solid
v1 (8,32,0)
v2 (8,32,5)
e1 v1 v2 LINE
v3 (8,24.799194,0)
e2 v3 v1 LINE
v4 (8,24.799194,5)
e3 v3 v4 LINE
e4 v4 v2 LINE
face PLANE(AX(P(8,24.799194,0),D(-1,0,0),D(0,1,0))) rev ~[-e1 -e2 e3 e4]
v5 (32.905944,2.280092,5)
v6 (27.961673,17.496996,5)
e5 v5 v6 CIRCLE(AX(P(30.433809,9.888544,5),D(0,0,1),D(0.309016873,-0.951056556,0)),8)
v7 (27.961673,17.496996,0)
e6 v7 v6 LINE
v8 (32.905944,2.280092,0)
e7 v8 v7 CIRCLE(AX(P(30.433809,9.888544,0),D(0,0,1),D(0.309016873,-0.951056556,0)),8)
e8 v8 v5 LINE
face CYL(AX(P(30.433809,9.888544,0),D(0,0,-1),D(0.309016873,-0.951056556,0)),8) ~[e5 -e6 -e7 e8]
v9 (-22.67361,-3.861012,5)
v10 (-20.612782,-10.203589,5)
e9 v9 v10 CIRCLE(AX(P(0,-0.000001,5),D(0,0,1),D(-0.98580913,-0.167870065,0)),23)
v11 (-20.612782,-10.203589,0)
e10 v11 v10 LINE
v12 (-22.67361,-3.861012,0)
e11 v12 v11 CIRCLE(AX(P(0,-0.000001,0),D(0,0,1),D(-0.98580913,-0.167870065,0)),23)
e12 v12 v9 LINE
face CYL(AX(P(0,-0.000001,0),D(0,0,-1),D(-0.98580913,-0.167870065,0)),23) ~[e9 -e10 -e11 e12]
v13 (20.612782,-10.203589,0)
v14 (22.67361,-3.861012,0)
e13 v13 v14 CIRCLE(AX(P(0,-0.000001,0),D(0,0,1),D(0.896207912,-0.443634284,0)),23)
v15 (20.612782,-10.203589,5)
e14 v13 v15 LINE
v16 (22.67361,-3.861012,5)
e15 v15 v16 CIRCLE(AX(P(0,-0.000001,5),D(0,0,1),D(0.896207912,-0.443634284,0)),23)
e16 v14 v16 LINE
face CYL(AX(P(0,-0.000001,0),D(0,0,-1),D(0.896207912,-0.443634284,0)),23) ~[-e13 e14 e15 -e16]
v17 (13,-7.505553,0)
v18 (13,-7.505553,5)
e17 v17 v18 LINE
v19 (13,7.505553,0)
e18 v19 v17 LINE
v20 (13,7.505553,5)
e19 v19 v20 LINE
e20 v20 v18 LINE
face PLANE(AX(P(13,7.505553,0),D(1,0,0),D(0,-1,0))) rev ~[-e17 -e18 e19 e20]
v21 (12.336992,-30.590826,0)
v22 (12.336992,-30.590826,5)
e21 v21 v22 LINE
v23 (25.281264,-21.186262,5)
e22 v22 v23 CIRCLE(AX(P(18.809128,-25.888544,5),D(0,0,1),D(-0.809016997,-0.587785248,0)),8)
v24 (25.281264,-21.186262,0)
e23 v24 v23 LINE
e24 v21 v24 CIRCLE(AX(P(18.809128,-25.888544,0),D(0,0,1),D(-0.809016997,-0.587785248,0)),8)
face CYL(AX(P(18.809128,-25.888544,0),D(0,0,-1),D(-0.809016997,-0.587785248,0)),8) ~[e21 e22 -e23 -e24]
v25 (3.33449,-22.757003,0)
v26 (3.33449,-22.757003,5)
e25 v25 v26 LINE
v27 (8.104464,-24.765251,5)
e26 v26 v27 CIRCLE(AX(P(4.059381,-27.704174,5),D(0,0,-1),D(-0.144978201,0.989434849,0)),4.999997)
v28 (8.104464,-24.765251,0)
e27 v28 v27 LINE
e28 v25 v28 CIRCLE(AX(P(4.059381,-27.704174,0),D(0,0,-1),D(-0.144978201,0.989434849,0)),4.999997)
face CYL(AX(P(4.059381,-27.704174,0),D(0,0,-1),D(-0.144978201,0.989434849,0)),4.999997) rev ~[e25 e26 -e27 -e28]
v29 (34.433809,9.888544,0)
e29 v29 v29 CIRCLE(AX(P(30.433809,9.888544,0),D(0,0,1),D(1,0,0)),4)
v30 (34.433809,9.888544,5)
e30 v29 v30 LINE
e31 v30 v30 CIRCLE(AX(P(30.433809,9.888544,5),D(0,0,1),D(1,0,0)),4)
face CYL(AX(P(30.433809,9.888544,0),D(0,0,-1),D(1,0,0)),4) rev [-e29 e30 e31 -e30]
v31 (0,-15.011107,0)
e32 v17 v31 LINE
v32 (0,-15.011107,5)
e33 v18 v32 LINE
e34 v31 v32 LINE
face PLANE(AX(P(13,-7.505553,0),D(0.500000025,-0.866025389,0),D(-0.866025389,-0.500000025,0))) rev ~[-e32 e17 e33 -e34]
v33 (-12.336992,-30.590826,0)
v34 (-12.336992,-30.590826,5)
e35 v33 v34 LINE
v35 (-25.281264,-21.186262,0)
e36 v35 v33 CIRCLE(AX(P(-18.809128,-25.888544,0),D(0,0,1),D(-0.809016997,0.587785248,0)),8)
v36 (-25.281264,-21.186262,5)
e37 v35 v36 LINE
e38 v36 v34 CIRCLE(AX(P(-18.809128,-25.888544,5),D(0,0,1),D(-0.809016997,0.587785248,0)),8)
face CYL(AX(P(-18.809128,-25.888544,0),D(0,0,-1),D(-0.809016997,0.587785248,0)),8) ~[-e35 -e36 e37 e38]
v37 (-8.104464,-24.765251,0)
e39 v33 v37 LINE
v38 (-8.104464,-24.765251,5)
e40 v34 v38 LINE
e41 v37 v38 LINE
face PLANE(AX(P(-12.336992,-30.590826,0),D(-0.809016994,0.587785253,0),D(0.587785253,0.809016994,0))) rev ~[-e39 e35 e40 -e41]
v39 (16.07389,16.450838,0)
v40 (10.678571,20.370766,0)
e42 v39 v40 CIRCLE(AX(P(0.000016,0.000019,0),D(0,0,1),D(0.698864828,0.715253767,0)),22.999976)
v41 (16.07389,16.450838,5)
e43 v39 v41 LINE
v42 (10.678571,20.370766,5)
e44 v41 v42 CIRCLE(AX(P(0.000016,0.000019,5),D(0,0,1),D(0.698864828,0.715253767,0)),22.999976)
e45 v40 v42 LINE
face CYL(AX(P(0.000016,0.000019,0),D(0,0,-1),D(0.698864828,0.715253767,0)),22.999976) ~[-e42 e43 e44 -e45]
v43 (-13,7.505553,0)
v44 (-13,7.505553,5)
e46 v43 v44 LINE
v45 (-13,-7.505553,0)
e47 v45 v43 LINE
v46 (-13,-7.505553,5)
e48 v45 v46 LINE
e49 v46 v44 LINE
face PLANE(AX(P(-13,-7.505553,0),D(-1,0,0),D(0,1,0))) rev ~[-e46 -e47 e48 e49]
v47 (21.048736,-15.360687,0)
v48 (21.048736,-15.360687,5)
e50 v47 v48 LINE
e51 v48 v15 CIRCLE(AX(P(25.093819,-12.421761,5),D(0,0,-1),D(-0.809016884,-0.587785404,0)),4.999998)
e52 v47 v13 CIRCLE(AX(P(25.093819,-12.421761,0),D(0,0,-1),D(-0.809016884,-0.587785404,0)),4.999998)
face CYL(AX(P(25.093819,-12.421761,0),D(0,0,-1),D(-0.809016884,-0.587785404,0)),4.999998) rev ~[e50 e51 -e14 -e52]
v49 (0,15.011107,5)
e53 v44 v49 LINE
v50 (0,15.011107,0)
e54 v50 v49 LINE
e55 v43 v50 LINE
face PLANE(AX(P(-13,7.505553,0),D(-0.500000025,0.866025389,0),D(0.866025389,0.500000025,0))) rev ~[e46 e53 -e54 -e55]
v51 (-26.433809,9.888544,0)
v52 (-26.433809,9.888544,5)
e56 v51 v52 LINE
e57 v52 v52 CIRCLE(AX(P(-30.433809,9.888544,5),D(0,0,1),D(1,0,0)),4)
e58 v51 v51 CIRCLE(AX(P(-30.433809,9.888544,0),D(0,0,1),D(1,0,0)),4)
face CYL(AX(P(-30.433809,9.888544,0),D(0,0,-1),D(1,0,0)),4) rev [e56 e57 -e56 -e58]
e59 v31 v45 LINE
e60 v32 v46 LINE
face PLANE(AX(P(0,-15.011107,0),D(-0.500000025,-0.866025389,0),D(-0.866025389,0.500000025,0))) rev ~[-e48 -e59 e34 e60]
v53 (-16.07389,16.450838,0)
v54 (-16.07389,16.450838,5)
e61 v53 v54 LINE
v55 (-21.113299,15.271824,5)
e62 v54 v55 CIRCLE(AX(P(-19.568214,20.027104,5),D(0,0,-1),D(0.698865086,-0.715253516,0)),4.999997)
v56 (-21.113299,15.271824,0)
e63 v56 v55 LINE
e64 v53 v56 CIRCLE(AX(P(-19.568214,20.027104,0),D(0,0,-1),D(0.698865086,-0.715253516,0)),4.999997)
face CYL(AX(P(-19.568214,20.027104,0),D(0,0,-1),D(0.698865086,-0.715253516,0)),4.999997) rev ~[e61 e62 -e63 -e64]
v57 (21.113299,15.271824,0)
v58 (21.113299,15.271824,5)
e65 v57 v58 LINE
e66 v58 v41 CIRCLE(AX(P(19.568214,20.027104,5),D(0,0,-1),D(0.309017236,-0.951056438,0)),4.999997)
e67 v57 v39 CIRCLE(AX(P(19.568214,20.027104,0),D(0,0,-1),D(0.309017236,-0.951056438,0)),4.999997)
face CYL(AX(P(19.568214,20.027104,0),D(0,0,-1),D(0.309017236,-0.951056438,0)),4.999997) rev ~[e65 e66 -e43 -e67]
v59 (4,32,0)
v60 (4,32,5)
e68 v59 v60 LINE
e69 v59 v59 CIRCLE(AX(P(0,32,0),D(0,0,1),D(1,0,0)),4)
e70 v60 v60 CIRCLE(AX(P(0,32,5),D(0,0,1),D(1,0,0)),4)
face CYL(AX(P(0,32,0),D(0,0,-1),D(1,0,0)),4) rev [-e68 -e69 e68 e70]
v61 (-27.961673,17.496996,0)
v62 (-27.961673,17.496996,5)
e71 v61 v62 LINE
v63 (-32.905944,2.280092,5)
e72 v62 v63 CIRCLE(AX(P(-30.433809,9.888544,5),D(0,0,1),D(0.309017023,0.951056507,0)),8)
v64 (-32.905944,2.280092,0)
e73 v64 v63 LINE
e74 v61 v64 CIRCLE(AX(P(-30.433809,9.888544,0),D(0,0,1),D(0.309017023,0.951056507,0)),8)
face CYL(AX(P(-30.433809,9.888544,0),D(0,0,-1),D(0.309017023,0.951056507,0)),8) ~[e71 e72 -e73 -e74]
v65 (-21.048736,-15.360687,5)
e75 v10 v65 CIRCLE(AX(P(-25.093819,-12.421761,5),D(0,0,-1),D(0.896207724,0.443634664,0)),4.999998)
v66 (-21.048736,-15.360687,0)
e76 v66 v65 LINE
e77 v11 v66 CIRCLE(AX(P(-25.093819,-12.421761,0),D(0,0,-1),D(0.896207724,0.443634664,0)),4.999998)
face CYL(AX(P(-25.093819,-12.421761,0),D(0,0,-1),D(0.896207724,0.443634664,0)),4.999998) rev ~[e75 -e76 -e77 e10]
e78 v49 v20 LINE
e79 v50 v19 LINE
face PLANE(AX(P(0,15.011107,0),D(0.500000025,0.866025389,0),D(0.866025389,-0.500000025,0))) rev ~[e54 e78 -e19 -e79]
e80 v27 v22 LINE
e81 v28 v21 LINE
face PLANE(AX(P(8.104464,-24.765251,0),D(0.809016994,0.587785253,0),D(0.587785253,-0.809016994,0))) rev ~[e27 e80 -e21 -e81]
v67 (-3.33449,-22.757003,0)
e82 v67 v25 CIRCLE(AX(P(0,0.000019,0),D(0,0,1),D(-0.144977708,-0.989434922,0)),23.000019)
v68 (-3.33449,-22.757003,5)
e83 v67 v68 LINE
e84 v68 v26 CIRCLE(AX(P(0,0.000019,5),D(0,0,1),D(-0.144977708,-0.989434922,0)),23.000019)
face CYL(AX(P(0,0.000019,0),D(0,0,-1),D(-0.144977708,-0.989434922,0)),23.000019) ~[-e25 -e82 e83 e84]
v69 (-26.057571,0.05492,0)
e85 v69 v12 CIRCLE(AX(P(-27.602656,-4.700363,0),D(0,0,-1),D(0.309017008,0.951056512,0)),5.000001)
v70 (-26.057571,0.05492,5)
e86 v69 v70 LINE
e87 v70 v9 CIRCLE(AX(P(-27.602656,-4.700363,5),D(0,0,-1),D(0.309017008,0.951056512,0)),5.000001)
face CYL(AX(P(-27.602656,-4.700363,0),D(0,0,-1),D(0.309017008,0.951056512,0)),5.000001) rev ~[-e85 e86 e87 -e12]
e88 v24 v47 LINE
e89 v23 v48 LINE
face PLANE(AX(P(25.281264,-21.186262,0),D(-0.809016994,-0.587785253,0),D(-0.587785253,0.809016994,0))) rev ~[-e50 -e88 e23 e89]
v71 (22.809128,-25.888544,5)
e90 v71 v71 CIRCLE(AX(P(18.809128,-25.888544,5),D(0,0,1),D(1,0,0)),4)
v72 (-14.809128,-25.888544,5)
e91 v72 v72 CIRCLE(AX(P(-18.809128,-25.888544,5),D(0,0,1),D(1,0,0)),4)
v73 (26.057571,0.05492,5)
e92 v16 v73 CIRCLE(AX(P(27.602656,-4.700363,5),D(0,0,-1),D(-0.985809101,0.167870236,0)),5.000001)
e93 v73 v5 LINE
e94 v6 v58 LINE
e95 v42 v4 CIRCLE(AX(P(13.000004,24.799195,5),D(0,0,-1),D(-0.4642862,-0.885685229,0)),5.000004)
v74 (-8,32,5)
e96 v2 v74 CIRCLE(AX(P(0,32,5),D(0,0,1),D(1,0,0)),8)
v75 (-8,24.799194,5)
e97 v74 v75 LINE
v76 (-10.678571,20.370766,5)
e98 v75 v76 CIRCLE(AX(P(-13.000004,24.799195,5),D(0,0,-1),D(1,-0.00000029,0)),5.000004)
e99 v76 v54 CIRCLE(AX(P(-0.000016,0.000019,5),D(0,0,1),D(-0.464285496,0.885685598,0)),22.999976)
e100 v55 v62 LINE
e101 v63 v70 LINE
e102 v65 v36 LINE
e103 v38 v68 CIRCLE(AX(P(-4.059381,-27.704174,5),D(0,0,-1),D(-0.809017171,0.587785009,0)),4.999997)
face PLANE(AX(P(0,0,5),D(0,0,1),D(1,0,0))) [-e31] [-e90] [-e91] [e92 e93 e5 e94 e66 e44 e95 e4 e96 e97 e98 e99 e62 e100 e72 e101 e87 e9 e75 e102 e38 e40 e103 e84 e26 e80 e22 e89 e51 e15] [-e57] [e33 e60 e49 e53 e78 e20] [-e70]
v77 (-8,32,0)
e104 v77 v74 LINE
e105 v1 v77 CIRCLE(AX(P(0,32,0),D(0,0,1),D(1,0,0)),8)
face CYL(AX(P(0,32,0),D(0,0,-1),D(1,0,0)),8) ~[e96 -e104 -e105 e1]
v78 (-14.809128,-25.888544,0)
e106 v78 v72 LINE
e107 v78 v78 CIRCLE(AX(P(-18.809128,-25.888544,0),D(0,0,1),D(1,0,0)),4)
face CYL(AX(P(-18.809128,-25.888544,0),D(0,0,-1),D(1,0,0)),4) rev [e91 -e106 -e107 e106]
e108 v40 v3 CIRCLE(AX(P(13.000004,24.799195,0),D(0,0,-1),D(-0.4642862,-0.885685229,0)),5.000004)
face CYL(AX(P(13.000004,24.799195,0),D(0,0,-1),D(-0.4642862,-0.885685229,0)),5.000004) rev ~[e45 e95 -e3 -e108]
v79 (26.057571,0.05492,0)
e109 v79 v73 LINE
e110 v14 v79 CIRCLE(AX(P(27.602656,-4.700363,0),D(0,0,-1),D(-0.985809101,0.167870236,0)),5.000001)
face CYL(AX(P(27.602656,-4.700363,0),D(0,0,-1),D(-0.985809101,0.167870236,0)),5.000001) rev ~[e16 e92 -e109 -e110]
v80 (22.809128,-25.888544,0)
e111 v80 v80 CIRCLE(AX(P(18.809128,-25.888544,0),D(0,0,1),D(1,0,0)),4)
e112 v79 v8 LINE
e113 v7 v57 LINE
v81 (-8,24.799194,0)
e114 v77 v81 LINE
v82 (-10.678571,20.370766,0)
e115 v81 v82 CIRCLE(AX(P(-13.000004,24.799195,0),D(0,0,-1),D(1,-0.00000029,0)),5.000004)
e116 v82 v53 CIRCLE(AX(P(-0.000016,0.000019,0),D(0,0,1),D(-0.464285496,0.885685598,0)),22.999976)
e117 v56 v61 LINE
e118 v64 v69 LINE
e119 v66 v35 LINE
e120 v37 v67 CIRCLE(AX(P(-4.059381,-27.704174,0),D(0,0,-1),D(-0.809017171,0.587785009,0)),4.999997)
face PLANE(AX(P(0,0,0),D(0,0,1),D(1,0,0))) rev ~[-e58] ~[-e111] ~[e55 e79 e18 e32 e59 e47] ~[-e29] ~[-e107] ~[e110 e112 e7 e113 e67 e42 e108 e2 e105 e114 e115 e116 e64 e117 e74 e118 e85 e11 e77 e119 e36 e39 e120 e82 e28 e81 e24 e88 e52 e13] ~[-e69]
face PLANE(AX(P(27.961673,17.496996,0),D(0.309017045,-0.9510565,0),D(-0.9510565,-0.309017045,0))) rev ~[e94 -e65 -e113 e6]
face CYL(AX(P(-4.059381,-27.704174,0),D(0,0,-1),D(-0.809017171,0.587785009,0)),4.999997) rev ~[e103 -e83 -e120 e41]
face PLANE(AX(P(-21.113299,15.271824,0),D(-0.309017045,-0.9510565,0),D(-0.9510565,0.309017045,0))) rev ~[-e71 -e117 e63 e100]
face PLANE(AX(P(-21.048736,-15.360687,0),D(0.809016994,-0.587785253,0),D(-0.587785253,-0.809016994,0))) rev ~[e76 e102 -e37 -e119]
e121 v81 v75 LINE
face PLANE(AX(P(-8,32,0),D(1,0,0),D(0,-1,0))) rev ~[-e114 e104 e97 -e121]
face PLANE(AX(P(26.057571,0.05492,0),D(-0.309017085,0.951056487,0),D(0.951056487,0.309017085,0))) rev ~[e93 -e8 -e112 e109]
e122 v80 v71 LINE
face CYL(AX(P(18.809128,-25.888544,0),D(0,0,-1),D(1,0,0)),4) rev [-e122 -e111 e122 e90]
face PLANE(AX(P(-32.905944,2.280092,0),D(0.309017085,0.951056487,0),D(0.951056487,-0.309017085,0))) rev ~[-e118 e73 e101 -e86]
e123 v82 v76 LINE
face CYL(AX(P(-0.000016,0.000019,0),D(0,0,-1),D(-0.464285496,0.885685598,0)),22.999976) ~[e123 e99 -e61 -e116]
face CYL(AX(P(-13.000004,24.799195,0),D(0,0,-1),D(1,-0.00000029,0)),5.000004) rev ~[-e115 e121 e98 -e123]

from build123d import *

# Parameters (mm, degrees)
F0_R     = 4
F1_DEPTH = 5


with BuildPart() as f1:
    # F0 (on Top) → F1 (new body)
    with BuildSketch(Plane.XY):
        with BuildLine():
            Line((8, 24.799194), (8, 32))
            ThreePointArc((8, 32), (0, 40), (-8, 32))
            Line((-8, 32), (-8, 24.799194))
            ThreePointArc((-8, 24.799194), (-8.721733, 22.211448), (-10.678571, 20.370766))
            ThreePointArc((-10.678571, 20.370766), (-13.519061, 18.607391), (-16.07389, 16.450838))
            ThreePointArc((-16.07389, 16.450838), (-18.429178, 15.158575), (-21.113299, 15.271824))
            Line((-21.113299, 15.271824), (-27.961673, 17.496996))
            ThreePointArc((-27.961673, 17.496996), (-38.042261, 12.36068), (-32.905944, 2.280092))
            Line((-32.905944, 2.280092), (-26.057571, 0.05492))
            ThreePointArc((-26.057571, 0.05492), (-23.819506, -1.431146), (-22.67361, -3.861012))
            ThreePointArc((-22.67361, -3.861012), (-21.8743, -7.107391), (-20.612782, -10.203589))
            ThreePointArc((-20.612782, -10.203589), (-20.111591, -12.842933), (-21.048736, -15.360687))
            Line((-21.048736, -15.360687), (-25.281264, -21.186262))
            ThreePointArc((-25.281264, -21.186262), (-23.51141, -32.36068), (-12.336992, -30.590826))
            Line((-12.336992, -30.590826), (-8.104464, -24.765251))
            ThreePointArc((-8.104464, -24.765251), (-5.999531, -23.095944), (-3.33449, -22.757003))
            ThreePointArc((-3.33449, -22.757003), (0, -23), (3.33449, -22.757003))
            ThreePointArc((3.33449, -22.757003), (5.999531, -23.095944), (8.104464, -24.765251))
            Line((8.104464, -24.765251), (12.336992, -30.590826))
            ThreePointArc((12.336992, -30.590826), (23.51141, -32.36068), (25.281264, -21.186262))
            Line((25.281264, -21.186262), (21.048736, -15.360687))
            ThreePointArc((21.048736, -15.360687), (20.111591, -12.842933), (20.612782, -10.203589))
            ThreePointArc((20.612782, -10.203589), (21.8743, -7.107391), (22.67361, -3.861012))
            ThreePointArc((22.67361, -3.861012), (23.819506, -1.431146), (26.057571, 0.05492))
            Line((26.057571, 0.05492), (32.905944, 2.280092))
            ThreePointArc((32.905944, 2.280092), (38.042261, 12.36068), (27.961673, 17.496996))
            Line((27.961673, 17.496996), (21.113299, 15.271824))
            ThreePointArc((21.113299, 15.271824), (18.429178, 15.158575), (16.07389, 16.450838))
            ThreePointArc((16.07389, 16.450838), (13.519061, 18.607391), (10.678571, 20.370766))
            ThreePointArc((10.678571, 20.370766), (8.721733, 22.211448), (8, 24.799194))
        make_face()
        with Locations((-18.809128, -25.888544)):
            Circle(F0_R, mode=Mode.SUBTRACT)
        with Locations((18.809128, -25.888544)):
            Circle(F0_R, mode=Mode.SUBTRACT)
        Polygon((0, -15.011107), (-13, -7.505553), (-13, 7.505553), (0, 15.011107), (13, 7.505553), (13, -7.505553), align=None, mode=Mode.SUBTRACT)
        with Locations((-30.433809, 9.888544)):
            Circle(F0_R, mode=Mode.SUBTRACT)
        with Locations((30.433809, 9.888544)):
            Circle(F0_R, mode=Mode.SUBTRACT)
        with Locations((0, 32)):
            Circle(F0_R, mode=Mode.SUBTRACT)
    extrude(amount=F1_DEPTH)


solid = f1.part
